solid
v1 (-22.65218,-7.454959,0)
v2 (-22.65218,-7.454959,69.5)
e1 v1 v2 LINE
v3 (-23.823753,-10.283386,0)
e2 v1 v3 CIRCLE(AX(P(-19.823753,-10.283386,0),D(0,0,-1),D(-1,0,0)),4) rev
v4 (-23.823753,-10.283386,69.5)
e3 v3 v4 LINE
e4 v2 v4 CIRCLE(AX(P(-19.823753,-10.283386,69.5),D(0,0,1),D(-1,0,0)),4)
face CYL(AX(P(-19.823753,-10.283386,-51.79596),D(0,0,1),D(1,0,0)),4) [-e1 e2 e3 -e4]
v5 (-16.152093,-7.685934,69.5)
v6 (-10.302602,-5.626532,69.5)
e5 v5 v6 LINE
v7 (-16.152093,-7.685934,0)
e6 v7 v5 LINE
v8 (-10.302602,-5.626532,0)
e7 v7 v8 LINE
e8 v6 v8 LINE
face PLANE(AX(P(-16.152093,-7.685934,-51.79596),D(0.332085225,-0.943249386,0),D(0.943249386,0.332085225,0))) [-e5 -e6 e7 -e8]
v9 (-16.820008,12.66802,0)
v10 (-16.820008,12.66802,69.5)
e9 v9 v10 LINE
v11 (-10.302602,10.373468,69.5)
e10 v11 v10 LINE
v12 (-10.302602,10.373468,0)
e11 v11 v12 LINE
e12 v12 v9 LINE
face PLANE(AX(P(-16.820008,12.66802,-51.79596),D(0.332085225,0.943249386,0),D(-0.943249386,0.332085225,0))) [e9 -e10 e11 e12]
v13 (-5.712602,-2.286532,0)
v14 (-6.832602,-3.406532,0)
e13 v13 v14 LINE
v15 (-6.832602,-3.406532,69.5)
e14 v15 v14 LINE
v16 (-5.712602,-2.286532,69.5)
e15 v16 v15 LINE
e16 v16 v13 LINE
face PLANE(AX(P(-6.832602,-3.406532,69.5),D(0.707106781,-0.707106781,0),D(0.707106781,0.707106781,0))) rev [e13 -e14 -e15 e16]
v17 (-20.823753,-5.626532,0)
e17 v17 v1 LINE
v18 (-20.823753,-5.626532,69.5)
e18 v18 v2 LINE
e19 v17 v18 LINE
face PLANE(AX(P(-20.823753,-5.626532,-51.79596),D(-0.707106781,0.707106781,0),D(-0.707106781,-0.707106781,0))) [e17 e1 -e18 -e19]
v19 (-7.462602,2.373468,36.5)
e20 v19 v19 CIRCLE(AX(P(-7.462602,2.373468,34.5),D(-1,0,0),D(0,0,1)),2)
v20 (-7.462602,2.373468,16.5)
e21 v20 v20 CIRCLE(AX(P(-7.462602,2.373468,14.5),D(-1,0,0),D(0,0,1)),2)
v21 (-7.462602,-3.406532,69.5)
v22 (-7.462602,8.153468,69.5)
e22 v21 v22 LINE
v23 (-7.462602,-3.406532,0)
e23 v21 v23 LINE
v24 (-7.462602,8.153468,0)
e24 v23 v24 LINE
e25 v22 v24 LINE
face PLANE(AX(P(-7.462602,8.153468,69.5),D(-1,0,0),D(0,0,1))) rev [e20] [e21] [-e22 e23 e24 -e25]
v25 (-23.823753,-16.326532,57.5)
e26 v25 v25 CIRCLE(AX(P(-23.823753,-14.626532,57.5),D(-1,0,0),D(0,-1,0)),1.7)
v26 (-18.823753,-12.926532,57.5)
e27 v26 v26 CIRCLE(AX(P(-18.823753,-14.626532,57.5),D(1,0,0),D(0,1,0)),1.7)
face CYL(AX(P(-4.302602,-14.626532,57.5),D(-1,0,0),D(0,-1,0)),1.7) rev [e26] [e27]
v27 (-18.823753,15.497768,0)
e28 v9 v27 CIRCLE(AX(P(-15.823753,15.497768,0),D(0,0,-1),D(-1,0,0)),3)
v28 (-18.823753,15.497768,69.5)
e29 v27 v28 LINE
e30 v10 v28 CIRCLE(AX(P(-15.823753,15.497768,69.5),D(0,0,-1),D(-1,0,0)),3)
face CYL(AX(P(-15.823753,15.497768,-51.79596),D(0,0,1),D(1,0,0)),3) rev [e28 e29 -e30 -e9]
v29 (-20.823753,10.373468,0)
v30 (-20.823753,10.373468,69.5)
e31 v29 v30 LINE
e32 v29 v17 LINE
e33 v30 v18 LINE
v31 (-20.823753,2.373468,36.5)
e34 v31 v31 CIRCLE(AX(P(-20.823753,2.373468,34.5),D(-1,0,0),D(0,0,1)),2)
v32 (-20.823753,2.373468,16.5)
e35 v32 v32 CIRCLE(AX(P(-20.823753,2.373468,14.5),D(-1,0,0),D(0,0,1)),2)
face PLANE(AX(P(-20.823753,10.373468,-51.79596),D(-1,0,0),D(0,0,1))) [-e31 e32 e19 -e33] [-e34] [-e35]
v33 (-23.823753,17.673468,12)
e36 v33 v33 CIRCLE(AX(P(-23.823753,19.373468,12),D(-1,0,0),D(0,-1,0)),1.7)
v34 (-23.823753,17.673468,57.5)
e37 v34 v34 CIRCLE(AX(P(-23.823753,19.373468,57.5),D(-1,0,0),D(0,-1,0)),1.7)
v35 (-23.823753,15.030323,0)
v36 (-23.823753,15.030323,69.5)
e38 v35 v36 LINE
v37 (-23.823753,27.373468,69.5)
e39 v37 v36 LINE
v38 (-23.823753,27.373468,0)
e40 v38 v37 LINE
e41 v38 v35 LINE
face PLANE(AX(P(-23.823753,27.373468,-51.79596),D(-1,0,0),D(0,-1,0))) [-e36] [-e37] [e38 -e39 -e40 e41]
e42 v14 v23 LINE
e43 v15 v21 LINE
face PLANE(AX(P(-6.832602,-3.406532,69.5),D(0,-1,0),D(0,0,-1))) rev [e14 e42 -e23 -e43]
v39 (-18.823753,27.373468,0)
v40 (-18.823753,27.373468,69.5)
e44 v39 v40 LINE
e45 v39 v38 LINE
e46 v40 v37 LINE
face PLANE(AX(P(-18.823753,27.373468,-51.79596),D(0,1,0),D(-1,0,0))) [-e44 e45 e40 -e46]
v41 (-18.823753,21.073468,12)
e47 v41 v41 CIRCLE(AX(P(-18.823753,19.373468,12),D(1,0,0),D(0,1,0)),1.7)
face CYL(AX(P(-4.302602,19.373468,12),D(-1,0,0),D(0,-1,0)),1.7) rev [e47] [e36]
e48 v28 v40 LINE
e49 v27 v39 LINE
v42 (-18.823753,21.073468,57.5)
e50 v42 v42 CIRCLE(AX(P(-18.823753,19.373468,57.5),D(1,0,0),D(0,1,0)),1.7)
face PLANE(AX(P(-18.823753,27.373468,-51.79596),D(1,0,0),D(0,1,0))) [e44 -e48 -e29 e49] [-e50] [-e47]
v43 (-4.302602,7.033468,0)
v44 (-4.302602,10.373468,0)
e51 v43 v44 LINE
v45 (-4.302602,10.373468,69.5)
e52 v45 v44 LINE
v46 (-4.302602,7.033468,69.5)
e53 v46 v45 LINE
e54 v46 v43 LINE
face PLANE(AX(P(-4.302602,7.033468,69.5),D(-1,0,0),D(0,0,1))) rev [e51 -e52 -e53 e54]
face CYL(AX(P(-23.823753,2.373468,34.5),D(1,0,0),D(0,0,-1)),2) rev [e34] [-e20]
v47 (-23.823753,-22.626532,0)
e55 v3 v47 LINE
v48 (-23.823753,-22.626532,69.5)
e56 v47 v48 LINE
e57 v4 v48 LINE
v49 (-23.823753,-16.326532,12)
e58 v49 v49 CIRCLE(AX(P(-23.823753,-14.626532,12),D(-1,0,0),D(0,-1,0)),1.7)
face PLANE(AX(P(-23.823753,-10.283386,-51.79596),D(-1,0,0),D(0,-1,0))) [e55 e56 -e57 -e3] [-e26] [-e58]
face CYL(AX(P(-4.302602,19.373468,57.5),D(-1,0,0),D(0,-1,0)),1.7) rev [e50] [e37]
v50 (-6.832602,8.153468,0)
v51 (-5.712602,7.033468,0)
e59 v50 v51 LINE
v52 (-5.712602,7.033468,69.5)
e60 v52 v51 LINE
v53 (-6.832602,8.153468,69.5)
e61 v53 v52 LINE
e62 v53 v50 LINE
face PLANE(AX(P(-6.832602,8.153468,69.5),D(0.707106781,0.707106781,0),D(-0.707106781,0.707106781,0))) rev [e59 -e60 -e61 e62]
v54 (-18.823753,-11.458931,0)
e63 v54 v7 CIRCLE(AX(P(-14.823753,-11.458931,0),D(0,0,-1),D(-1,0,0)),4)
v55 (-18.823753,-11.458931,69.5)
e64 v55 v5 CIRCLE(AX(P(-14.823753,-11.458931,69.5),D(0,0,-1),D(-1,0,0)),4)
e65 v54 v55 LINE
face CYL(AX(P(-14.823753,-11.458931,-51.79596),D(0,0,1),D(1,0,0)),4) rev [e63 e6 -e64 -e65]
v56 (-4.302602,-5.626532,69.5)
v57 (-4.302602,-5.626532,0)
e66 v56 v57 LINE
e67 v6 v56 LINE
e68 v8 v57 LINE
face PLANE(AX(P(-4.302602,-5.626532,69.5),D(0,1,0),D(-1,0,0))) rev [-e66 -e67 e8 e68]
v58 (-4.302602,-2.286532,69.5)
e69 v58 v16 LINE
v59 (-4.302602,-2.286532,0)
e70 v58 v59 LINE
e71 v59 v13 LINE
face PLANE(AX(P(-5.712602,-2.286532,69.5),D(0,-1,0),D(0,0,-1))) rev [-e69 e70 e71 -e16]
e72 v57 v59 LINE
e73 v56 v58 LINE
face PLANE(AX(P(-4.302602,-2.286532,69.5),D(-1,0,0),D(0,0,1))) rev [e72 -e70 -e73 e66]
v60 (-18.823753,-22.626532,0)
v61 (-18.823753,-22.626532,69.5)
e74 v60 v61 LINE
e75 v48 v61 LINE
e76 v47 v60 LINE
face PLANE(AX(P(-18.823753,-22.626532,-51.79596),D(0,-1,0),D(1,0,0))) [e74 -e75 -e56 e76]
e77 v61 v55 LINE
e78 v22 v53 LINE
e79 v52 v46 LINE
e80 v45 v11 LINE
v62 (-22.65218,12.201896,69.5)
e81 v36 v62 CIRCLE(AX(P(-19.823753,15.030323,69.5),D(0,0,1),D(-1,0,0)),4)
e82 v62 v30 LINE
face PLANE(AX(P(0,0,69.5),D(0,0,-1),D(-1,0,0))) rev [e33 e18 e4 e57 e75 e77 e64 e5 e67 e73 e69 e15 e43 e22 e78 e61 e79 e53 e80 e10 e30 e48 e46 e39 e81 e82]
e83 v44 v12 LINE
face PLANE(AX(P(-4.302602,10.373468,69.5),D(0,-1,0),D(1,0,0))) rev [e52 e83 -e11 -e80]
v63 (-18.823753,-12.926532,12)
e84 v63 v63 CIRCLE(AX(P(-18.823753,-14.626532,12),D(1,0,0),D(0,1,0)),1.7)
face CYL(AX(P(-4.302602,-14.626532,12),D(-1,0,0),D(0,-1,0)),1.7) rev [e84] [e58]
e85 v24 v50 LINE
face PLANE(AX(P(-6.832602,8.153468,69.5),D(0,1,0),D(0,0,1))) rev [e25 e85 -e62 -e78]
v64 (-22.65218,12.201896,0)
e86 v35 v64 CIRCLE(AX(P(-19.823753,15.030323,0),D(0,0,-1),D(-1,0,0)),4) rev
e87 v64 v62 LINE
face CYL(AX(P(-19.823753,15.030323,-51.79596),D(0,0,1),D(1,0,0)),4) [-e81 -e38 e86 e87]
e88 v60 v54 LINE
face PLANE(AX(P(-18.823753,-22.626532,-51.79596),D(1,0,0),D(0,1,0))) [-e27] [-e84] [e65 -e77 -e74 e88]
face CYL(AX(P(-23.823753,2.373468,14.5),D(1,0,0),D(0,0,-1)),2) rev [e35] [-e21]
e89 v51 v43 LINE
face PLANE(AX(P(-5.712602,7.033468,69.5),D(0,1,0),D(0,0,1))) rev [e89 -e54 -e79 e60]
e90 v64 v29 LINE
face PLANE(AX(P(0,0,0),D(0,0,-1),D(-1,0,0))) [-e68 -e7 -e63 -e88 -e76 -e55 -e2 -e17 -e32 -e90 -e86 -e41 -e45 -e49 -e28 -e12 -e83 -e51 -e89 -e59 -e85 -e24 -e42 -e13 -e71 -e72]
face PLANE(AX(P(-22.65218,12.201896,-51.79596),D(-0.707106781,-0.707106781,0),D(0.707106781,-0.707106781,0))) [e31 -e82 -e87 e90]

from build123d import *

# Parameters (mm, degrees)
BOSS_EXTRUDE2_DEPTH     = 69.5
BOSS_EXTRUDE3_DEPTH     = 69.5
CUT_EXTRUDE1_DEPTH      = 77.467274154
CUT_EXTRUDE1_DEPTH_BACK = 77.467274154
SKETCH7_R               = 2
CUT_EXTRUDE2_DEPTH      = 78.205129928
CUT_EXTRUDE2_DEPTH_BACK = 78.205129928
SKETCH8_R               = 1.7


with BuildPart() as part:
    # Sketch4 → Boss-Extrude2 (new body)
    with BuildSketch(Plane.XY):
        Polygon((-4.302602112, 10.373468411), (-10.302602112, 10.373468411), (-10.302602112, -5.626531589), (-4.302602112, -5.626531589), (-4.302602112, -2.286531589), (-5.712602112, -2.286531589), (-6.832602112, -3.406531589), (-7.462602112, -3.406531589), (-7.462602112, 8.153468411), (-6.832602112, 8.153468411), (-5.712602112, 7.033468411), (-4.302602112, 7.033468411), align=None)
    extrude(amount=BOSS_EXTRUDE2_DEPTH)

    # Sketch6 → Boss-Extrude3 (add)
    with BuildSketch(Plane.XY.offset(69.5)):
        with BuildLine():
            Line((-18.82375255, 27.373468411), (-23.82375255, 27.373468411))
            Line((-23.82375255, 27.373468411), (-23.82375255, 15.03032266))
            ThreePointArc((-23.82375255, 15.03032266), (-23.51927068, 13.499588931), (-22.652179675, 12.201895535))
            Line((-22.652179675, 12.201895535), (-20.82375255, 10.373468411))
            Line((-20.82375255, 10.373468411), (-20.82375255, -5.626531589))
            Line((-20.82375255, -5.626531589), (-22.652179675, -7.454958714))
            ThreePointArc((-22.652179675, -7.454958714), (-23.51927068, -8.752652109), (-23.82375255, -10.283385839))
            Line((-23.82375255, -10.283385839), (-23.82375255, -22.626531589))
            Line((-23.82375255, -22.626531589), (-18.82375255, -22.626531589))
            Line((-18.82375255, -22.626531589), (-18.82375255, -11.458931103))
            ThreePointArc((-18.82375255, -11.458931103), (-18.088209901, -9.14736925), (-16.152093449, -7.685933561))
            Line((-16.152093449, -7.685933561), (-10.302602112, -5.626531589))
            Line((-10.302602112, -5.626531589), (-10.302602112, 10.373468411))
            Line((-10.302602112, 10.373468411), (-16.820008224, 12.668019889))
            ThreePointArc((-16.820008224, 12.668019889), (-18.272095564, 13.764096656), (-18.82375255, 15.497768046))
            Line((-18.82375255, 15.497768046), (-18.82375255, 27.373468411))
        make_face()
    extrude(amount=-BOSS_EXTRUDE3_DEPTH)

    # Sketch7 → Cut-Extrude1 (cut, two sides: drawn at the far end of the back side and taken through both)
    with BuildSketch(Plane(origin=(-7.462602112, 0, 0), x_dir=(0, 0, -1), z_dir=(1, 0, 0)).offset(-CUT_EXTRUDE1_DEPTH_BACK)):
        with Locations(Location((-34.5, 2.373468411, 0), (0, 0, 180))):
            Circle(SKETCH7_R)
        with Locations(Location((-14.5, 2.373468411, 0), (0, 0, 180))):
            Circle(SKETCH7_R)
    extrude(amount=CUT_EXTRUDE1_DEPTH + CUT_EXTRUDE1_DEPTH_BACK, mode=Mode.SUBTRACT)

    # Sketch8 → Cut-Extrude2 (cut, two sides: drawn at the far end of the back side and taken through both)
    with BuildSketch(Plane.ZY.offset(23.82375255).offset(-CUT_EXTRUDE2_DEPTH_BACK)):
        with Locations(Location((12, 19.373468411, 0), (0, 0, 270))):
            Circle(SKETCH8_R)
        with Locations(Location((57.5, 19.373468411, 0), (0, 0, 270))):
            Circle(SKETCH8_R)
        with Locations(Location((57.5, -14.626531589, 0), (0, 0, 270))):
            Circle(SKETCH8_R)
        with Locations(Location((12, -14.626531589, 0), (0, 0, 270))):
            Circle(SKETCH8_R)
    extrude(amount=CUT_EXTRUDE2_DEPTH + CUT_EXTRUDE2_DEPTH_BACK, mode=Mode.SUBTRACT)


solid = part.part
